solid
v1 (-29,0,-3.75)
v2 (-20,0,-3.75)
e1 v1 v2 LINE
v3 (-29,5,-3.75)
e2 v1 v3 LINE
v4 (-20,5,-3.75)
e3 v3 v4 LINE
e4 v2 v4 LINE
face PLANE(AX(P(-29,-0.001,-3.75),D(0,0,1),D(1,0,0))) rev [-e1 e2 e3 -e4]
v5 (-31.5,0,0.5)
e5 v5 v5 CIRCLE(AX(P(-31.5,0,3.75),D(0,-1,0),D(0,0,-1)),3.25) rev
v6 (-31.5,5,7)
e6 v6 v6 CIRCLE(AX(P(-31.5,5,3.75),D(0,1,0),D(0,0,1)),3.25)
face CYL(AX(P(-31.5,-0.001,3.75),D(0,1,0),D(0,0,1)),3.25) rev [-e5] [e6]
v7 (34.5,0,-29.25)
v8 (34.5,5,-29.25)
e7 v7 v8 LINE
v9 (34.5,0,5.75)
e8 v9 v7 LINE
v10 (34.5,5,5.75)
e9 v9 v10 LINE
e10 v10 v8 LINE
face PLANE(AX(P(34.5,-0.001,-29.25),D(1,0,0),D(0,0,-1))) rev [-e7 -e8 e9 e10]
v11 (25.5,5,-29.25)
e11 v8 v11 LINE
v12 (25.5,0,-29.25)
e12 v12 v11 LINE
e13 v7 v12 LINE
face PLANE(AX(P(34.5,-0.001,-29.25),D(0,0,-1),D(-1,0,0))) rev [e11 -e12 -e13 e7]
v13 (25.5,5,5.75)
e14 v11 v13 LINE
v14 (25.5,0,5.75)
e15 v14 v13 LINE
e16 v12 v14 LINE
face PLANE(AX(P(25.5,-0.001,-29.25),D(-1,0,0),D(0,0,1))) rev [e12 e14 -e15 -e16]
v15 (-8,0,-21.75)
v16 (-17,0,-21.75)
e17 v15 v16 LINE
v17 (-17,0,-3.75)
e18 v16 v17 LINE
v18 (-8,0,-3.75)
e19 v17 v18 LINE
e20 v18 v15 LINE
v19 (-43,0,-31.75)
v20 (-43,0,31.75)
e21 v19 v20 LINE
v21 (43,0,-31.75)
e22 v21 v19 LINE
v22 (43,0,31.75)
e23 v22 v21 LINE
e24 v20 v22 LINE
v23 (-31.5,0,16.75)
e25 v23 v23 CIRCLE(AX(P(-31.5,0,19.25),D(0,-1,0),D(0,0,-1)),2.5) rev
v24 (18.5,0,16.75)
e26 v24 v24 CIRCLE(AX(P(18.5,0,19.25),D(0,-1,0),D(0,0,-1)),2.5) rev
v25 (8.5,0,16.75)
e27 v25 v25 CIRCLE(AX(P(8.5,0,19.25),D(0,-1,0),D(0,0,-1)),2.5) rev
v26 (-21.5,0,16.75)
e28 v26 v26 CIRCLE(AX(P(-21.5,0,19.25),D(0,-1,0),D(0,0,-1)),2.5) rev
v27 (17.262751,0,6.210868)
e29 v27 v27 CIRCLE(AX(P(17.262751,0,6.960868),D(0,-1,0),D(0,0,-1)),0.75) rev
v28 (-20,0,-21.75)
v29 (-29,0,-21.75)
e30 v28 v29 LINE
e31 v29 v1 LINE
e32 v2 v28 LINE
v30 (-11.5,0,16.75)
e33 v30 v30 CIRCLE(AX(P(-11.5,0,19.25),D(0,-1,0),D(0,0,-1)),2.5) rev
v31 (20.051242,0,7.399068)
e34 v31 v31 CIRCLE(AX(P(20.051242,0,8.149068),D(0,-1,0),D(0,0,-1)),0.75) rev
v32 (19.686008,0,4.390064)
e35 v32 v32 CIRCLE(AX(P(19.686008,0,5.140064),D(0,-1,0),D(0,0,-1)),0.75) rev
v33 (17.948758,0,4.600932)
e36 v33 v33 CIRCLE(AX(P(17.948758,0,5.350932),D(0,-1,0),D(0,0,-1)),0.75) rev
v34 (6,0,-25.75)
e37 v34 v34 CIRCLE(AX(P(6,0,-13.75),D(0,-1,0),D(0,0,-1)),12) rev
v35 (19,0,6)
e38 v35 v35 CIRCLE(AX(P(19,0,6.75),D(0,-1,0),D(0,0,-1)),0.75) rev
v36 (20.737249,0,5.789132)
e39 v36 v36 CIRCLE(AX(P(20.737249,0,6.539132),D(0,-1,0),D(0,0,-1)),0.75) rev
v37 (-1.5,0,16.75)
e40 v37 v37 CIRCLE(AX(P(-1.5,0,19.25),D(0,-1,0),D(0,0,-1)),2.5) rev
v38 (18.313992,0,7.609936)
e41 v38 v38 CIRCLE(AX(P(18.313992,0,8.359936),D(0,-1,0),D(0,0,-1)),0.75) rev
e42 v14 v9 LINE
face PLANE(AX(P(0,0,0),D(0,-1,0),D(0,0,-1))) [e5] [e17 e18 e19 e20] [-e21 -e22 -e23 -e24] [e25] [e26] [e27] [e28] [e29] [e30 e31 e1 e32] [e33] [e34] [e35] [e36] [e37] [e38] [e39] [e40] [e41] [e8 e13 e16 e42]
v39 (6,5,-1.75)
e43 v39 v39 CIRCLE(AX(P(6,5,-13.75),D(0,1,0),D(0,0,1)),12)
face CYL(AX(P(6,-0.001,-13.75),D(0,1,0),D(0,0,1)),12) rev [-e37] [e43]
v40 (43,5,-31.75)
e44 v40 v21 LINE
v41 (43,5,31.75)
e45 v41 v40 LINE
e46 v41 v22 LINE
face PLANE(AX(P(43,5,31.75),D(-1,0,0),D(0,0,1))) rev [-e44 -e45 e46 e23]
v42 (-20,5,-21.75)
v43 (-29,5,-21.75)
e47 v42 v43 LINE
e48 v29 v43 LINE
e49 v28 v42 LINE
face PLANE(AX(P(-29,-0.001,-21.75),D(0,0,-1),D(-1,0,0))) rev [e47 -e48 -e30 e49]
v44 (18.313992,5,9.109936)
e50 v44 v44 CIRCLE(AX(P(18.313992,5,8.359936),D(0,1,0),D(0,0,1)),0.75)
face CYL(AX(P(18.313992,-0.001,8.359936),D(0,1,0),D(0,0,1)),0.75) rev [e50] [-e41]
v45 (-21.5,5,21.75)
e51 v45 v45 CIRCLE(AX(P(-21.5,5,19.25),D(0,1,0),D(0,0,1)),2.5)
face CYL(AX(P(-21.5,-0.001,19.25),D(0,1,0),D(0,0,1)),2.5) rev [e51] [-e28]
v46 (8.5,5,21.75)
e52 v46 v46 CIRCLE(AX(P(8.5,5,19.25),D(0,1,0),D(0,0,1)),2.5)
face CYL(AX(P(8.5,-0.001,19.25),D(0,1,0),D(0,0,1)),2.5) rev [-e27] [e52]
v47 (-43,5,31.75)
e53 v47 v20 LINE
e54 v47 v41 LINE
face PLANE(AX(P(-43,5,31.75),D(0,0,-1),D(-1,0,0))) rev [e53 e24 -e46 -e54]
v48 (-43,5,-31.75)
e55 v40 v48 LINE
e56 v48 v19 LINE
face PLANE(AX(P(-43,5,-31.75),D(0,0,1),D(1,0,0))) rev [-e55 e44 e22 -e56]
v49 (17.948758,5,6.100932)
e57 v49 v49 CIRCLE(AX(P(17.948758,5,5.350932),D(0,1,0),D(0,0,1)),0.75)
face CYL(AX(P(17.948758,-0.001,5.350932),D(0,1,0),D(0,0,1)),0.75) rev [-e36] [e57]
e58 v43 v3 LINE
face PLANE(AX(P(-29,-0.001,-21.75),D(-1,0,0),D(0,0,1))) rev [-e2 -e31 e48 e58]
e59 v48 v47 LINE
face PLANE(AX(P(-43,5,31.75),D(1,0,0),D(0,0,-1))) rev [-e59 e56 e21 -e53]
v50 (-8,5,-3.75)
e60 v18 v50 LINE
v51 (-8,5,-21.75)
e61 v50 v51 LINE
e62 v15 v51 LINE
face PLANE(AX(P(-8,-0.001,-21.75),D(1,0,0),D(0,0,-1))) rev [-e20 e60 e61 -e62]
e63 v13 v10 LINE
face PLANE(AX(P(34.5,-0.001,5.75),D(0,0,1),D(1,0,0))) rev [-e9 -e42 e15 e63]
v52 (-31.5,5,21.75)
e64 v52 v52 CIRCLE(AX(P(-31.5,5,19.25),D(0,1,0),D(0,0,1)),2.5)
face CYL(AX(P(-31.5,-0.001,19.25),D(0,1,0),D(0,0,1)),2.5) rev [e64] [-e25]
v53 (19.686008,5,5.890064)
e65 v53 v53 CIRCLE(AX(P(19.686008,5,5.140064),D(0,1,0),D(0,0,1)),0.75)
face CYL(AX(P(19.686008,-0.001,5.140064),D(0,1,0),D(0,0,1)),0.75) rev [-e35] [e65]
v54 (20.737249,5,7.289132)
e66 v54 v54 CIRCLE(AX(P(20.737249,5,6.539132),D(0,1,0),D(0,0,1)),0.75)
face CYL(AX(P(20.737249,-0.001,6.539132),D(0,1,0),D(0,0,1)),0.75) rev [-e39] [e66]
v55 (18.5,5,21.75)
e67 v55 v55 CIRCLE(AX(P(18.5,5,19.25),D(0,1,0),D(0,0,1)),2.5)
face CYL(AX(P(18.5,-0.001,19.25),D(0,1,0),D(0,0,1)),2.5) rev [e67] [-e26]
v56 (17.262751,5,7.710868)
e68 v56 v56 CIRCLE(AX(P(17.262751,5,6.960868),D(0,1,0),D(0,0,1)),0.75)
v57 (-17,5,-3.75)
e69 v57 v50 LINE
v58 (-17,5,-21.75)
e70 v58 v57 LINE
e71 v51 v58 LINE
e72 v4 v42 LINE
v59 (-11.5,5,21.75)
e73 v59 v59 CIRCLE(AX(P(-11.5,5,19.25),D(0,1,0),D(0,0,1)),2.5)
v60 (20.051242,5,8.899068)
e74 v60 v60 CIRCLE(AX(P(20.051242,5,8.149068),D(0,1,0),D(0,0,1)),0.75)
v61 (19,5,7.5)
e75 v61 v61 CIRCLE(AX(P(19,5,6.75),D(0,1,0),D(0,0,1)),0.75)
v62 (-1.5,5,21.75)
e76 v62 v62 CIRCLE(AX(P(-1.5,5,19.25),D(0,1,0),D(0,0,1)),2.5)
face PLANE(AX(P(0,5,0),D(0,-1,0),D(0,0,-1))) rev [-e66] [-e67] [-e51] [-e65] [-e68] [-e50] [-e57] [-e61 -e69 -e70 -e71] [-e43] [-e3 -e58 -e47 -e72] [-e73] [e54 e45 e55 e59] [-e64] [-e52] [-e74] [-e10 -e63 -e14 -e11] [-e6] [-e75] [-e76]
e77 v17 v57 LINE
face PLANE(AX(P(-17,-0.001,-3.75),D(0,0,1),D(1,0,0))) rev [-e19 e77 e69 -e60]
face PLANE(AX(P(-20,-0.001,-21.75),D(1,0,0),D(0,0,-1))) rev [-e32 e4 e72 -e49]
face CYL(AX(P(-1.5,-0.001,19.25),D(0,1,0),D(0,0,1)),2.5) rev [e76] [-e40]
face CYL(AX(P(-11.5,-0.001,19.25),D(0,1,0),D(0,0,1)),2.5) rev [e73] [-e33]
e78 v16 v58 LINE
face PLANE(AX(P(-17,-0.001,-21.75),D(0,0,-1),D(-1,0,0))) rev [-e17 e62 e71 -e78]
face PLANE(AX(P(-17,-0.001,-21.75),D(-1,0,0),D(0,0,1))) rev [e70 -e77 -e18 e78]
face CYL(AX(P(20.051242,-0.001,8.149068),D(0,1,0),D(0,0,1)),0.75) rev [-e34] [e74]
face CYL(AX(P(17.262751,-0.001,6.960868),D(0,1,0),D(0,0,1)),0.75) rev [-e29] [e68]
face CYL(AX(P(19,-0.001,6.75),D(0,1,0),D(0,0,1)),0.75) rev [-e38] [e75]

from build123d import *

# Parameters (mm, degrees)
SKICA2_W                 = 86
SKICA2_H                 = 63.5
P_IDAT_VYSUNUT_M1_DEPTH  = 5
ODEBRAT_VYSUNUT_M1_REACH = 55.685
SKICA4_R                 = 2.5
SKICA4_R_2               = 3.25
SKICA4_R_3               = 12
SKICA4_R_4               = 0.75
SKICA4_W                 = 9
SKICA4_H                 = 18
SKICA4_H_2               = 35


with BuildPart() as part:
    # Skica2 → Přidat vysunutím1 (new body)
    with BuildSketch(Plane(origin=(0, 0, 0), x_dir=(1, 0, 0), z_dir=(0, 1, 0))):
        Rectangle(SKICA2_W, SKICA2_H)
    extrude(amount=P_IDAT_VYSUNUT_M1_DEPTH)

    # Skica4 → Odebrat vysunutím1 (cut, up to next)
    with BuildSketch(Plane(origin=(0, 5, 0), x_dir=(1, 0, 0), z_dir=(0, 1, 0)), mode=Mode.PRIVATE) as odebrat_vysunut_m1_sk1:
        with Locations(Location((-31.5, -19.25, 0), (0, 0, 270))):
            Circle(SKICA4_R)
    odebrat_vysunut_m1_tool1 = extrude(odebrat_vysunut_m1_sk1.sketch, amount=-ODEBRAT_VYSUNUT_M1_REACH, mode=Mode.PRIVATE) & part.part
    # Skica4 → Odebrat vysunutím1 (cut, up to next)
    with BuildSketch(Plane(origin=(0, 5, 0), x_dir=(1, 0, 0), z_dir=(0, 1, 0)), mode=Mode.PRIVATE) as odebrat_vysunut_m1_sk2:
        with Locations(Location((-21.5, -19.25, 0), (0, 0, 270))):
            Circle(SKICA4_R)
    odebrat_vysunut_m1_tool2 = extrude(odebrat_vysunut_m1_sk2.sketch, amount=-ODEBRAT_VYSUNUT_M1_REACH, mode=Mode.PRIVATE) & part.part
    # Skica4 → Odebrat vysunutím1 (cut, up to next)
    with BuildSketch(Plane(origin=(0, 5, 0), x_dir=(1, 0, 0), z_dir=(0, 1, 0)), mode=Mode.PRIVATE) as odebrat_vysunut_m1_sk3:
        with Locations(Location((-11.5, -19.25, 0), (0, 0, 270))):
            Circle(SKICA4_R)
    odebrat_vysunut_m1_tool3 = extrude(odebrat_vysunut_m1_sk3.sketch, amount=-ODEBRAT_VYSUNUT_M1_REACH, mode=Mode.PRIVATE) & part.part
    # Skica4 → Odebrat vysunutím1 (cut, up to next)
    with BuildSketch(Plane(origin=(0, 5, 0), x_dir=(1, 0, 0), z_dir=(0, 1, 0)), mode=Mode.PRIVATE) as odebrat_vysunut_m1_sk4:
        with Locations(Location((-1.5, -19.25, 0), (0, 0, 270))):
            Circle(SKICA4_R)
    odebrat_vysunut_m1_tool4 = extrude(odebrat_vysunut_m1_sk4.sketch, amount=-ODEBRAT_VYSUNUT_M1_REACH, mode=Mode.PRIVATE) & part.part
    # Skica4 → Odebrat vysunutím1 (cut, up to next)
    with BuildSketch(Plane(origin=(0, 5, 0), x_dir=(1, 0, 0), z_dir=(0, 1, 0)), mode=Mode.PRIVATE) as odebrat_vysunut_m1_sk5:
        with Locations(Location((8.5, -19.25, 0), (0, 0, 270))):
            Circle(SKICA4_R)
    odebrat_vysunut_m1_tool5 = extrude(odebrat_vysunut_m1_sk5.sketch, amount=-ODEBRAT_VYSUNUT_M1_REACH, mode=Mode.PRIVATE) & part.part
    # Skica4 → Odebrat vysunutím1 (cut, up to next)
    with BuildSketch(Plane(origin=(0, 5, 0), x_dir=(1, 0, 0), z_dir=(0, 1, 0)), mode=Mode.PRIVATE) as odebrat_vysunut_m1_sk6:
        with Locations(Location((18.5, -19.25, 0), (0, 0, 270))):
            Circle(SKICA4_R)
    odebrat_vysunut_m1_tool6 = extrude(odebrat_vysunut_m1_sk6.sketch, amount=-ODEBRAT_VYSUNUT_M1_REACH, mode=Mode.PRIVATE) & part.part
    # Skica4 → Odebrat vysunutím1 (cut, up to next)
    with BuildSketch(Plane(origin=(0, 5, 0), x_dir=(1, 0, 0), z_dir=(0, 1, 0)), mode=Mode.PRIVATE) as odebrat_vysunut_m1_sk7:
        with Locations(Location((-31.5, -3.75, 0), (0, 0, 270))):
            Circle(SKICA4_R_2)
    odebrat_vysunut_m1_tool7 = extrude(odebrat_vysunut_m1_sk7.sketch, amount=-ODEBRAT_VYSUNUT_M1_REACH, mode=Mode.PRIVATE) & part.part
    # Skica4 → Odebrat vysunutím1 (cut, up to next)
    with BuildSketch(Plane(origin=(0, 5, 0), x_dir=(1, 0, 0), z_dir=(0, 1, 0)), mode=Mode.PRIVATE) as odebrat_vysunut_m1_sk8:
        with Locations(Location((6, 13.75, 0), (0, 0, 270))):
            Circle(SKICA4_R_3)
    odebrat_vysunut_m1_tool8 = extrude(odebrat_vysunut_m1_sk8.sketch, amount=-ODEBRAT_VYSUNUT_M1_REACH, mode=Mode.PRIVATE) & part.part
    # Skica4 → Odebrat vysunutím1 (cut, up to next)
    with BuildSketch(Plane(origin=(0, 5, 0), x_dir=(1, 0, 0), z_dir=(0, 1, 0)), mode=Mode.PRIVATE) as odebrat_vysunut_m1_sk9:
        with Locations(Location((17.948758431, -5.350932037, 0), (0, 0, 270))):
            Circle(SKICA4_R_4)
    odebrat_vysunut_m1_tool9 = extrude(odebrat_vysunut_m1_sk9.sketch, amount=-ODEBRAT_VYSUNUT_M1_REACH, mode=Mode.PRIVATE) & part.part
    # Skica4 → Odebrat vysunutím1 (cut, up to next)
    with BuildSketch(Plane(origin=(0, 5, 0), x_dir=(1, 0, 0), z_dir=(0, 1, 0)), mode=Mode.PRIVATE) as odebrat_vysunut_m1_sk10:
        with Locations(Location((19, -6.75, 0), (0, 0, 270))):
            Circle(SKICA4_R_4)
    odebrat_vysunut_m1_tool10 = extrude(odebrat_vysunut_m1_sk10.sketch, amount=-ODEBRAT_VYSUNUT_M1_REACH, mode=Mode.PRIVATE) & part.part
    # Skica4 → Odebrat vysunutím1 (cut, up to next)
    with BuildSketch(Plane(origin=(0, 5, 0), x_dir=(1, 0, 0), z_dir=(0, 1, 0)), mode=Mode.PRIVATE) as odebrat_vysunut_m1_sk11:
        with Locations(Location((19.686007584, -5.140064137, 0), (0, 0, 270))):
            Circle(SKICA4_R_4)
    odebrat_vysunut_m1_tool11 = extrude(odebrat_vysunut_m1_sk11.sketch, amount=-ODEBRAT_VYSUNUT_M1_REACH, mode=Mode.PRIVATE) & part.part
    # Skica4 → Odebrat vysunutím1 (cut, up to next)
    with BuildSketch(Plane(origin=(0, 5, 0), x_dir=(1, 0, 0), z_dir=(0, 1, 0)), mode=Mode.PRIVATE) as odebrat_vysunut_m1_sk12:
        with Locations(Location((20.737249118, -6.539132085, 0), (0, 0, 270))):
            Circle(SKICA4_R_4)
    odebrat_vysunut_m1_tool12 = extrude(odebrat_vysunut_m1_sk12.sketch, amount=-ODEBRAT_VYSUNUT_M1_REACH, mode=Mode.PRIVATE) & part.part
    # Skica4 → Odebrat vysunutím1 (cut, up to next)
    with BuildSketch(Plane(origin=(0, 5, 0), x_dir=(1, 0, 0), z_dir=(0, 1, 0)), mode=Mode.PRIVATE) as odebrat_vysunut_m1_sk13:
        with Locations(Location((20.051241501, -8.149067934, 0), (0, 0, 270))):
            Circle(SKICA4_R_4)
    odebrat_vysunut_m1_tool13 = extrude(odebrat_vysunut_m1_sk13.sketch, amount=-ODEBRAT_VYSUNUT_M1_REACH, mode=Mode.PRIVATE) & part.part
    # Skica4 → Odebrat vysunutím1 (cut, up to next)
    with BuildSketch(Plane(origin=(0, 5, 0), x_dir=(1, 0, 0), z_dir=(0, 1, 0)), mode=Mode.PRIVATE) as odebrat_vysunut_m1_sk14:
        with Locations(Location((18.313992349, -8.359935834, 0), (0, 0, 270))):
            Circle(SKICA4_R_4)
    odebrat_vysunut_m1_tool14 = extrude(odebrat_vysunut_m1_sk14.sketch, amount=-ODEBRAT_VYSUNUT_M1_REACH, mode=Mode.PRIVATE) & part.part
    # Skica4 → Odebrat vysunutím1 (cut, up to next)
    with BuildSketch(Plane(origin=(0, 5, 0), x_dir=(1, 0, 0), z_dir=(0, 1, 0)), mode=Mode.PRIVATE) as odebrat_vysunut_m1_sk15:
        with Locations(Location((17.262750814, -6.960867886, 0), (0, 0, 270))):
            Circle(SKICA4_R_4)
    odebrat_vysunut_m1_tool15 = extrude(odebrat_vysunut_m1_sk15.sketch, amount=-ODEBRAT_VYSUNUT_M1_REACH, mode=Mode.PRIVATE) & part.part
    # Skica4 → Odebrat vysunutím1 (cut, up to next)
    with BuildSketch(Plane(origin=(0, 5, 0), x_dir=(1, 0, 0), z_dir=(0, 1, 0)), mode=Mode.PRIVATE) as odebrat_vysunut_m1_sk16:
        with Locations((-24.5, 12.75)):
            Rectangle(SKICA4_W, SKICA4_H)
    odebrat_vysunut_m1_tool16 = extrude(odebrat_vysunut_m1_sk16.sketch, amount=-ODEBRAT_VYSUNUT_M1_REACH, mode=Mode.PRIVATE) & part.part
    # Skica4 → Odebrat vysunutím1 (cut, up to next)
    with BuildSketch(Plane(origin=(0, 5, 0), x_dir=(1, 0, 0), z_dir=(0, 1, 0)), mode=Mode.PRIVATE) as odebrat_vysunut_m1_sk17:
        with Locations((-12.5, 12.75)):
            Rectangle(SKICA4_W, SKICA4_H)
    odebrat_vysunut_m1_tool17 = extrude(odebrat_vysunut_m1_sk17.sketch, amount=-ODEBRAT_VYSUNUT_M1_REACH, mode=Mode.PRIVATE) & part.part
    # Skica4 → Odebrat vysunutím1 (cut, up to next)
    with BuildSketch(Plane(origin=(0, 5, 0), x_dir=(1, 0, 0), z_dir=(0, 1, 0)), mode=Mode.PRIVATE) as odebrat_vysunut_m1_sk18:
        with Locations((30, 11.75)):
            Rectangle(SKICA4_W, SKICA4_H_2)
    odebrat_vysunut_m1_tool18 = extrude(odebrat_vysunut_m1_sk18.sketch, amount=-ODEBRAT_VYSUNUT_M1_REACH, mode=Mode.PRIVATE) & part.part
    add(odebrat_vysunut_m1_tool1.solids().sort_by_distance((-31.5, 5, 19.25))[0], mode=Mode.SUBTRACT)
    add(odebrat_vysunut_m1_tool2.solids().sort_by_distance((-21.5, 5, 19.25))[0], mode=Mode.SUBTRACT)
    add(odebrat_vysunut_m1_tool3.solids().sort_by_distance((-11.5, 5, 19.25))[0], mode=Mode.SUBTRACT)
    add(odebrat_vysunut_m1_tool4.solids().sort_by_distance((-1.5, 5, 19.25))[0], mode=Mode.SUBTRACT)
    add(odebrat_vysunut_m1_tool5.solids().sort_by_distance((8.5, 5, 19.25))[0], mode=Mode.SUBTRACT)
    add(odebrat_vysunut_m1_tool6.solids().sort_by_distance((18.5, 5, 19.25))[0], mode=Mode.SUBTRACT)
    add(odebrat_vysunut_m1_tool7.solids().sort_by_distance((-31.5, 5, 3.75))[0], mode=Mode.SUBTRACT)
    add(odebrat_vysunut_m1_tool8.solids().sort_by_distance((6, 5, -13.75))[0], mode=Mode.SUBTRACT)
    add(odebrat_vysunut_m1_tool9.solids().sort_by_distance((17.948758, 5, 5.350932))[0], mode=Mode.SUBTRACT)
    add(odebrat_vysunut_m1_tool10.solids().sort_by_distance((19, 5, 6.75))[0], mode=Mode.SUBTRACT)
    add(odebrat_vysunut_m1_tool11.solids().sort_by_distance((19.686008, 5, 5.140064))[0], mode=Mode.SUBTRACT)
    add(odebrat_vysunut_m1_tool12.solids().sort_by_distance((20.737249, 5, 6.539132))[0], mode=Mode.SUBTRACT)
    add(odebrat_vysunut_m1_tool13.solids().sort_by_distance((20.051242, 5, 8.149068))[0], mode=Mode.SUBTRACT)
    add(odebrat_vysunut_m1_tool14.solids().sort_by_distance((18.313992, 5, 8.359936))[0], mode=Mode.SUBTRACT)
    add(odebrat_vysunut_m1_tool15.solids().sort_by_distance((17.262751, 5, 6.960868))[0], mode=Mode.SUBTRACT)
    add(odebrat_vysunut_m1_tool16.solids().sort_by_distance((-24.5, 5, -12.75))[0], mode=Mode.SUBTRACT)
    add(odebrat_vysunut_m1_tool17.solids().sort_by_distance((-12.5, 5, -12.75))[0], mode=Mode.SUBTRACT)
    add(odebrat_vysunut_m1_tool18.solids().sort_by_distance((30, 5, -11.75))[0], mode=Mode.SUBTRACT)


solid = part.part
